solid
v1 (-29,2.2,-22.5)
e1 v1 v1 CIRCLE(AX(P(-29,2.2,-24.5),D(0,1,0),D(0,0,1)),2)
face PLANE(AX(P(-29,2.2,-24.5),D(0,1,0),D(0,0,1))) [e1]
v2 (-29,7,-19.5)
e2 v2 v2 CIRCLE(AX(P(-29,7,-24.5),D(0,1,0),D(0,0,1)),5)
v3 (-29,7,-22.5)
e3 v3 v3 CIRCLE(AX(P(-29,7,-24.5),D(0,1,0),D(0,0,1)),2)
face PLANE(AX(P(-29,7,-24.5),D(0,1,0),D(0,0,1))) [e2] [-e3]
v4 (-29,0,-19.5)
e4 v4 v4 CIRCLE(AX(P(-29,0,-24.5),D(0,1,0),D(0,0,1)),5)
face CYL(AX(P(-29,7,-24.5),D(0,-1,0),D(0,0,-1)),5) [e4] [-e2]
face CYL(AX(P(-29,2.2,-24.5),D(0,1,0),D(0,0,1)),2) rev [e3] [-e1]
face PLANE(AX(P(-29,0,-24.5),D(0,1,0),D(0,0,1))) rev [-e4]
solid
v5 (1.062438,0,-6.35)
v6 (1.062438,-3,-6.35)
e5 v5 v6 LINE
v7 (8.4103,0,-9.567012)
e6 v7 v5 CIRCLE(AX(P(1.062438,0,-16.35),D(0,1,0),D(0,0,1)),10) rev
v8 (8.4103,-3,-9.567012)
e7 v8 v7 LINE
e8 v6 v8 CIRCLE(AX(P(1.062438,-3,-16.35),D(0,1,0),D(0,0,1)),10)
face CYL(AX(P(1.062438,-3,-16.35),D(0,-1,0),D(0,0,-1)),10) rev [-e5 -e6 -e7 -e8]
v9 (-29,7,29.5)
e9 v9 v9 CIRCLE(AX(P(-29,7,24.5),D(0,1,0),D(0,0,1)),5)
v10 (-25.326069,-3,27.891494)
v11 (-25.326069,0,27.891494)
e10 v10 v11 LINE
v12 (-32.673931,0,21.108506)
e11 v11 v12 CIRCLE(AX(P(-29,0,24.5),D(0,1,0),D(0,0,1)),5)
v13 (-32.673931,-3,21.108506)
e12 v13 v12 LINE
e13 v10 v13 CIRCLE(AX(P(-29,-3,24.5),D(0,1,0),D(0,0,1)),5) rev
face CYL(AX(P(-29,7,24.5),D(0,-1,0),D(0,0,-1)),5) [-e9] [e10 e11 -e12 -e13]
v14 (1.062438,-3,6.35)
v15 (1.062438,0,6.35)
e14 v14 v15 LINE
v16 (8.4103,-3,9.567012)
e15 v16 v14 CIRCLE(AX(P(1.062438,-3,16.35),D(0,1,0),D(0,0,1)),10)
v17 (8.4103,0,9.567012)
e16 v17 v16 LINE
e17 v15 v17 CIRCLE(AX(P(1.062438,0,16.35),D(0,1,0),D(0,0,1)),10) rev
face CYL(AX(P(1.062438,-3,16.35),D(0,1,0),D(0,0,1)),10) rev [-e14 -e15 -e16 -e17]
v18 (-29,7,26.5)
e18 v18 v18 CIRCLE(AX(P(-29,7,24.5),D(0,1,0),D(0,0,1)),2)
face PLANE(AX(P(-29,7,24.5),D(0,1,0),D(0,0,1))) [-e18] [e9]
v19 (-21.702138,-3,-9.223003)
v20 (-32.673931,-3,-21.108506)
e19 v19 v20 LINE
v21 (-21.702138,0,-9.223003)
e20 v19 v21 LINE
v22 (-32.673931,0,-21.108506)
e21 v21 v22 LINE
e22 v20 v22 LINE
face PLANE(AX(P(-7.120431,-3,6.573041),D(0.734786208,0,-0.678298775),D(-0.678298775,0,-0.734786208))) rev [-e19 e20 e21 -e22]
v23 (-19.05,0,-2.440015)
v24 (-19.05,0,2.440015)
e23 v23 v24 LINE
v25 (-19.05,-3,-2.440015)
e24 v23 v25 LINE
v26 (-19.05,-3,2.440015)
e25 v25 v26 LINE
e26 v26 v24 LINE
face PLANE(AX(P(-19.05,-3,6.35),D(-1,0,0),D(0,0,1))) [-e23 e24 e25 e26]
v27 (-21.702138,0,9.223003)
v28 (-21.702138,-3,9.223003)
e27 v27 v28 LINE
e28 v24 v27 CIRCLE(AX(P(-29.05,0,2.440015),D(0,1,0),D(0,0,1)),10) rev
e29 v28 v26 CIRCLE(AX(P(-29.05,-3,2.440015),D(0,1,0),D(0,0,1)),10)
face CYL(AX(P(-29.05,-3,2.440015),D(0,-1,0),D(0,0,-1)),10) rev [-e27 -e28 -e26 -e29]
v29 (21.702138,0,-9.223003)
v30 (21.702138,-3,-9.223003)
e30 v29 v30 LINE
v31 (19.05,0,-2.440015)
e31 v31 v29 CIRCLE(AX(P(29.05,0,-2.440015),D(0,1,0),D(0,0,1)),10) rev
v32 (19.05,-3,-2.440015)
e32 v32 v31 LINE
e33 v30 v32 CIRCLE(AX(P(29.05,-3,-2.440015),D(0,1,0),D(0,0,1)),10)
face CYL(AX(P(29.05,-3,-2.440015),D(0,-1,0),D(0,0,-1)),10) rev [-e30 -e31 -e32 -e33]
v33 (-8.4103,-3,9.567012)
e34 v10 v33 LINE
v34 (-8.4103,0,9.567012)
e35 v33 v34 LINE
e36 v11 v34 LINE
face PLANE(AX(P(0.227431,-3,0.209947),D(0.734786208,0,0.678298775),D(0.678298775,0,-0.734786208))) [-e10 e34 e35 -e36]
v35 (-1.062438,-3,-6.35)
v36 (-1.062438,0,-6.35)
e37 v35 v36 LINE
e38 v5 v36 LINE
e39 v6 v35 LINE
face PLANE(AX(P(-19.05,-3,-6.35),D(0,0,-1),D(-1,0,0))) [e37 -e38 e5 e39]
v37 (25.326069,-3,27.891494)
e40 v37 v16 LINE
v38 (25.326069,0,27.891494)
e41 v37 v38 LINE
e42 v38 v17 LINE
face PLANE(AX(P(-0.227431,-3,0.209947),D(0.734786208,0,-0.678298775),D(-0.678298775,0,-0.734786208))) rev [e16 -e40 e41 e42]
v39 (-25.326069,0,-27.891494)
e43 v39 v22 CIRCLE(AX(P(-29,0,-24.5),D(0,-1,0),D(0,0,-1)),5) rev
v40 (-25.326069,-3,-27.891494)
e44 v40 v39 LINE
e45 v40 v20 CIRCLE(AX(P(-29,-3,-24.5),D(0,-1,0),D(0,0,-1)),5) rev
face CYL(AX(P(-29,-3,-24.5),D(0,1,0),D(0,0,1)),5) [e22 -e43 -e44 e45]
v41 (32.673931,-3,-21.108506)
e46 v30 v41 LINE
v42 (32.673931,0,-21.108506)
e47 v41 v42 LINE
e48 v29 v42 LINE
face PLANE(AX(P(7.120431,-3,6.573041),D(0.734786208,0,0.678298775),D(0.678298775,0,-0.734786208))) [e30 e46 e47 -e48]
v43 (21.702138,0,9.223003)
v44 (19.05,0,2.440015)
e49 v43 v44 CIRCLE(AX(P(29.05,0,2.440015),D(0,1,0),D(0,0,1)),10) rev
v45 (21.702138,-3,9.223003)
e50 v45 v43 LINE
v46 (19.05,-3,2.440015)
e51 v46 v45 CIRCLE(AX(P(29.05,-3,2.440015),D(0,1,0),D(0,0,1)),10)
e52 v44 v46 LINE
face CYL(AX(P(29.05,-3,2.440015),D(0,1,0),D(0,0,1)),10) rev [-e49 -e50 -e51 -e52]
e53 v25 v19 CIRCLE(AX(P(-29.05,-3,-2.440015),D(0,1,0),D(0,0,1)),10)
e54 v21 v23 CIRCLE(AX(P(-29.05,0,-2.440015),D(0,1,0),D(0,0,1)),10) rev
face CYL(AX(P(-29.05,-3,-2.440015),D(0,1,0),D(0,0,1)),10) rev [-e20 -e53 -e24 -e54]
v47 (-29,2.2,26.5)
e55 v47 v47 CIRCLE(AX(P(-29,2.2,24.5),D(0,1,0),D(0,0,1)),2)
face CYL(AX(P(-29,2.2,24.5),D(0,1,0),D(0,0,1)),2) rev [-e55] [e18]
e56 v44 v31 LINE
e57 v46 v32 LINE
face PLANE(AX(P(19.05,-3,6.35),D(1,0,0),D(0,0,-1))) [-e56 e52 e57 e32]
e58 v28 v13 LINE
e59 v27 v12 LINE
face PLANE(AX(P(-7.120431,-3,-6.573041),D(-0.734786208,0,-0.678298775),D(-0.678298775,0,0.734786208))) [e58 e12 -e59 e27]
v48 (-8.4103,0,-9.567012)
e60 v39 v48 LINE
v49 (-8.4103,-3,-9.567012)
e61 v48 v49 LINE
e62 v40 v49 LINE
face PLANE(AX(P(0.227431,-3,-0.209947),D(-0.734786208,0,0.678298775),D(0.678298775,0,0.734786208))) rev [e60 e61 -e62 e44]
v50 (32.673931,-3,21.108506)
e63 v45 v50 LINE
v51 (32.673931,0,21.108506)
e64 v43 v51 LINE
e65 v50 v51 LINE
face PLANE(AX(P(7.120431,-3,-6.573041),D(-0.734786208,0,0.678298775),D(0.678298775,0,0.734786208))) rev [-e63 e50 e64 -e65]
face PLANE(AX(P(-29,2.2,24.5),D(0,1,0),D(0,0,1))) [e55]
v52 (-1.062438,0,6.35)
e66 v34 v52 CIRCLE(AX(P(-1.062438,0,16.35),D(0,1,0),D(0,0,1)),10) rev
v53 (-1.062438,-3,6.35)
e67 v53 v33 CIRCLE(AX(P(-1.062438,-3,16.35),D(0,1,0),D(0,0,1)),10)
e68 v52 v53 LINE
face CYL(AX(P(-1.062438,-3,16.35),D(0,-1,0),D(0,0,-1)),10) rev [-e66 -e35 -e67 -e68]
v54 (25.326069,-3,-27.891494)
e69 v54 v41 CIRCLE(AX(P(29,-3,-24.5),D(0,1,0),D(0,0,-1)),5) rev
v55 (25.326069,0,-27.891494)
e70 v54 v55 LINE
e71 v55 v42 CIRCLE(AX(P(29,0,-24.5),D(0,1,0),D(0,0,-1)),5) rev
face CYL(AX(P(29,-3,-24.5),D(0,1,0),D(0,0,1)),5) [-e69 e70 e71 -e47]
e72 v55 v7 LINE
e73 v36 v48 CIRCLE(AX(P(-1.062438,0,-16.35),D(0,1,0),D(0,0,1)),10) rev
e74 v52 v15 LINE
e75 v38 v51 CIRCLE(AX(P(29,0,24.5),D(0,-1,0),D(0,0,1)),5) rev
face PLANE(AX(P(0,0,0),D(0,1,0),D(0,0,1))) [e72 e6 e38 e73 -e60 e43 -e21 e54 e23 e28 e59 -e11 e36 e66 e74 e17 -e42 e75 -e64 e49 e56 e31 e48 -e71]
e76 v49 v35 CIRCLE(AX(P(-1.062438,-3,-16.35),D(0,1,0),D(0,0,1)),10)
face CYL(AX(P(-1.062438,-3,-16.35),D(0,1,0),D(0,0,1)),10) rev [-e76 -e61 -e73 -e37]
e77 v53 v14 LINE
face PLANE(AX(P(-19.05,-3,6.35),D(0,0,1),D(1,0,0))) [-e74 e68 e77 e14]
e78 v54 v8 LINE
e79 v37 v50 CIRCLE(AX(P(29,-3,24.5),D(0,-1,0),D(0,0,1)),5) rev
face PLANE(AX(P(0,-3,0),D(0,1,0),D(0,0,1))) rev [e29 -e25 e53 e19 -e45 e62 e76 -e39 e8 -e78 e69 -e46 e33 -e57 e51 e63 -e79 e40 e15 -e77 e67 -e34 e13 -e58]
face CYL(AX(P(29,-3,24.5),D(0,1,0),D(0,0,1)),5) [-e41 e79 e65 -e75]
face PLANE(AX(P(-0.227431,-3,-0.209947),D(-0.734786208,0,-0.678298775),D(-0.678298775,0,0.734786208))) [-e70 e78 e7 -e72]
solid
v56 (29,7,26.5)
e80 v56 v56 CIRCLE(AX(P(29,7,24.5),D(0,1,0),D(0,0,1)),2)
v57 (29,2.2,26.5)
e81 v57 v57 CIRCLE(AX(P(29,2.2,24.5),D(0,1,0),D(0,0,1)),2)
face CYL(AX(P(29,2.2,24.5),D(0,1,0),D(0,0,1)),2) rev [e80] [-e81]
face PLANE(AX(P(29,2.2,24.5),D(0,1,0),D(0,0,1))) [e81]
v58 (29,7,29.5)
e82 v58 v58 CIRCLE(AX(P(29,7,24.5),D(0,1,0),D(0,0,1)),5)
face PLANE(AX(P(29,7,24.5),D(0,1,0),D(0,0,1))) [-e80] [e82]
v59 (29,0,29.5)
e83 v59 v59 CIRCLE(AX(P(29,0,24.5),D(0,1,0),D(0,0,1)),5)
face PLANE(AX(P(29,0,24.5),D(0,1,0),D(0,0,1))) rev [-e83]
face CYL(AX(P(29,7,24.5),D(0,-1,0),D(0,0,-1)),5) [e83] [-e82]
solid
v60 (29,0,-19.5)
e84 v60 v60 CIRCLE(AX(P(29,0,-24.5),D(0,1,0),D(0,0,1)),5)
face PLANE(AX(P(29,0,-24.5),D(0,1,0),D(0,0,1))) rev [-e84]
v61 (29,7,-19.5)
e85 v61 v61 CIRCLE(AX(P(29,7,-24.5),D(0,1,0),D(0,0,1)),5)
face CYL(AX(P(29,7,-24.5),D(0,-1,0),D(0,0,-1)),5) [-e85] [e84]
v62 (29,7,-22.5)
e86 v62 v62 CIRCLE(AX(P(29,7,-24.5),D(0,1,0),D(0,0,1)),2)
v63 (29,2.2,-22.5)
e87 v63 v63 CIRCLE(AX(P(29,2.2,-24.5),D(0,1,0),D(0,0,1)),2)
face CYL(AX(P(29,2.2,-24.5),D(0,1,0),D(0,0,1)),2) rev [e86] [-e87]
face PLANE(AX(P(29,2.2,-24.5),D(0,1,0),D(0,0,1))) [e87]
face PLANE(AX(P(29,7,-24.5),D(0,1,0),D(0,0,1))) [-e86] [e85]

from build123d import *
from build123d.topology import SkipClean

# Parameters (mm, degrees)
SKETCH2_R             = 5
BOSS_EXTRUDE1_DEPTH   = 7
BOSS_EXTRUDE1_2_DEPTH = 7
BOSS_EXTRUDE1_3_DEPTH = 7
BOSS_EXTRUDE1_4_DEPTH = 7
SKETCH3_R             = 2
CUT_EXTRUDE2_DEPTH    = 4.8
SKETCH4_W             = 38.1
SKETCH4_H             = 12.7
BOSS_EXTRUDE2_DEPTH   = 3
BOSS_EXTRUDE3_DEPTH   = 3
MIRROR4_COPY_1_DEPTH  = 3
FILLET1_R             = 10


with BuildPart() as part:
    # Sketch2 → Boss-Extrude1 (new body)
    with BuildSketch(Plane(origin=(0, 0, 0), x_dir=(1, 0, 0), z_dir=(0, 1, 0))):
        with Locations(Location((-29, 24.5, 0), (0, 0, 270))):
            Circle(SKETCH2_R)
    extrude(amount=BOSS_EXTRUDE1_DEPTH)


with BuildPart() as body_2:
    # Sketch2 → Boss-Extrude1 2 (new body)
    with BuildSketch(Plane(origin=(0, 0, 0), x_dir=(1, 0, 0), z_dir=(0, 1, 0))):
        with Locations(Location((-29, -24.5, 0), (0, 0, 270))):
            Circle(SKETCH2_R)
    extrude(amount=BOSS_EXTRUDE1_2_DEPTH)


with BuildPart() as body_3:
    # Sketch2 → Boss-Extrude1 3 (new body)
    with BuildSketch(Plane(origin=(0, 0, 0), x_dir=(1, 0, 0), z_dir=(0, 1, 0))):
        with Locations(Location((29, 24.5, 0), (0, 0, 270))):
            Circle(SKETCH2_R)
    extrude(amount=BOSS_EXTRUDE1_3_DEPTH)


with BuildPart() as body_4:
    # Sketch2 → Boss-Extrude1 4 (new body)
    with BuildSketch(Plane(origin=(0, 0, 0), x_dir=(1, 0, 0), z_dir=(0, 1, 0))):
        with Locations(Location((29, -24.5, 0), (0, 0, 270))):
            Circle(SKETCH2_R)
    extrude(amount=BOSS_EXTRUDE1_4_DEPTH)


with BuildPart() as cut_extrude2_tool:
    # Sketch3 → Cut-Extrude2 (new body)
    with BuildSketch(Plane(origin=(0, 7, 0), x_dir=(1, 0, 0), z_dir=(0, 1, 0))):
        with Locations(Location((-29, 24.5, 0), (0, 0, 270))):
            Circle(SKETCH3_R)
        with Locations(Location((-29, -24.5, 0), (0, 0, 270))):
            Circle(SKETCH3_R)
        with Locations(Location((29, -24.5, 0), (0, 0, 270))):
            Circle(SKETCH3_R)
        with Locations(Location((29, 24.5, 0), (0, 0, 270))):
            Circle(SKETCH3_R)
    extrude(amount=-CUT_EXTRUDE2_DEPTH)


with BuildPart() as part_1:
    add(part.part)

    # Cut-Extrude2: cut by cut_extrude2_tool
    add(cut_extrude2_tool.part, mode=Mode.SUBTRACT)


with BuildPart() as body_2_1:
    add(body_2.part)

    # Cut-Extrude2: cut by cut_extrude2_tool
    add(cut_extrude2_tool.part, mode=Mode.SUBTRACT)



with BuildPart() as body_3_1:
    add(body_3.part)

    # Cut-Extrude2: cut by cut_extrude2_tool
    add(cut_extrude2_tool.part, mode=Mode.SUBTRACT)


with BuildPart() as body_4_1:
    add(body_4.part)

    # Cut-Extrude2: cut by cut_extrude2_tool
    add(cut_extrude2_tool.part, mode=Mode.SUBTRACT)


with BuildPart() as body_5:
    # Sketch4 → Boss-Extrude2 (new body)
    with BuildSketch(Plane(origin=(0, 0, 0), x_dir=(1, 0, 0), z_dir=(0, 1, 0))):
        Rectangle(SKETCH4_W, SKETCH4_H)
    extrude(amount=-BOSS_EXTRUDE2_DEPTH)


with BuildPart() as body_2_2:
    with SkipClean():  # the faces are left unmerged after this step: merging them gives an invalid solid
        add(body_2_1.part)

        add(body_5.part)  # Boss-Extrude3 merges body 5
        # Sketch5 → Boss-Extrude3 (add)
        with BuildSketch(Plane(origin=(0, 0, 0), x_dir=(1, 0, 0), z_dir=(0, 1, 0))):
            with BuildLine():
                Line((-5.44059921, -6.35), (-19.05, -6.35))
                Line((-19.05, -6.35), (-32.67393104, -21.108506124))
                ThreePointArc((-32.67393104, -21.108506124), (-32.391493876, -28.17393104), (-25.32606896, -27.891493876))
                Line((-25.32606896, -27.891493876), (-5.44059921, -6.35))
            make_face()
        boss_extrude3 = extrude(amount=-BOSS_EXTRUDE3_DEPTH)

    # Mirror3: Boss-Extrude3 across plane
    with SkipClean():  # the faces are left unmerged after this step: merging them gives an invalid solid
        add(boss_extrude3.mirror(Plane(origin=(0, 0, 0), x_dir=(0, 0, 1), z_dir=(1, 0, 0))))

    # Mirror4: Boss-Extrude3 across plane
    with SkipClean():  # the faces are left unmerged after this step: merging them gives an invalid solid
        add(boss_extrude3.mirror(Plane.XY))

    # Mirror4 copy 1 sketch → Mirror4 copy 1 (add)
    with SkipClean():  # the faces are left unmerged after this step: merging them gives an invalid solid
        with BuildSketch(Plane(origin=(0, 0, 0), x_dir=(-1, 0, 0), z_dir=(0, 1, 0))):
            with BuildLine():
                Line((-5.44059921, -6.35), (-19.05, -6.35))
                Line((-19.05, -6.35), (-32.67393104, -21.108506124))
                ThreePointArc((-32.67393104, -21.108506124), (-32.391493876, -28.17393104), (-25.32606896, -27.891493876))
                Line((-25.32606896, -27.891493876), (-5.44059921, -6.35))
            make_face()
        extrude(amount=-MIRROR4_COPY_1_DEPTH)

    # Fillet1
    fillet1_edges = [body_2_2.edges().sort_by_distance(p)[0] for p in [
        (-19.05, -1.5, 6.35),
        (-5.44059921, -1.5, 6.35),
        (19.05, -1.5, 6.35),
        (19.05, -1.5, -6.35),
        (-19.05, -1.5, -6.35),
        (5.44059921, -1.5, 6.35),
        (5.44059921, -1.5, -6.35),
        (-5.44059921, -1.5, -6.35),
    ]]
    fillet(fillet1_edges, radius=FILLET1_R)


solid = Compound([part_1.part, body_3_1.part, body_4_1.part, body_2_2.part])
